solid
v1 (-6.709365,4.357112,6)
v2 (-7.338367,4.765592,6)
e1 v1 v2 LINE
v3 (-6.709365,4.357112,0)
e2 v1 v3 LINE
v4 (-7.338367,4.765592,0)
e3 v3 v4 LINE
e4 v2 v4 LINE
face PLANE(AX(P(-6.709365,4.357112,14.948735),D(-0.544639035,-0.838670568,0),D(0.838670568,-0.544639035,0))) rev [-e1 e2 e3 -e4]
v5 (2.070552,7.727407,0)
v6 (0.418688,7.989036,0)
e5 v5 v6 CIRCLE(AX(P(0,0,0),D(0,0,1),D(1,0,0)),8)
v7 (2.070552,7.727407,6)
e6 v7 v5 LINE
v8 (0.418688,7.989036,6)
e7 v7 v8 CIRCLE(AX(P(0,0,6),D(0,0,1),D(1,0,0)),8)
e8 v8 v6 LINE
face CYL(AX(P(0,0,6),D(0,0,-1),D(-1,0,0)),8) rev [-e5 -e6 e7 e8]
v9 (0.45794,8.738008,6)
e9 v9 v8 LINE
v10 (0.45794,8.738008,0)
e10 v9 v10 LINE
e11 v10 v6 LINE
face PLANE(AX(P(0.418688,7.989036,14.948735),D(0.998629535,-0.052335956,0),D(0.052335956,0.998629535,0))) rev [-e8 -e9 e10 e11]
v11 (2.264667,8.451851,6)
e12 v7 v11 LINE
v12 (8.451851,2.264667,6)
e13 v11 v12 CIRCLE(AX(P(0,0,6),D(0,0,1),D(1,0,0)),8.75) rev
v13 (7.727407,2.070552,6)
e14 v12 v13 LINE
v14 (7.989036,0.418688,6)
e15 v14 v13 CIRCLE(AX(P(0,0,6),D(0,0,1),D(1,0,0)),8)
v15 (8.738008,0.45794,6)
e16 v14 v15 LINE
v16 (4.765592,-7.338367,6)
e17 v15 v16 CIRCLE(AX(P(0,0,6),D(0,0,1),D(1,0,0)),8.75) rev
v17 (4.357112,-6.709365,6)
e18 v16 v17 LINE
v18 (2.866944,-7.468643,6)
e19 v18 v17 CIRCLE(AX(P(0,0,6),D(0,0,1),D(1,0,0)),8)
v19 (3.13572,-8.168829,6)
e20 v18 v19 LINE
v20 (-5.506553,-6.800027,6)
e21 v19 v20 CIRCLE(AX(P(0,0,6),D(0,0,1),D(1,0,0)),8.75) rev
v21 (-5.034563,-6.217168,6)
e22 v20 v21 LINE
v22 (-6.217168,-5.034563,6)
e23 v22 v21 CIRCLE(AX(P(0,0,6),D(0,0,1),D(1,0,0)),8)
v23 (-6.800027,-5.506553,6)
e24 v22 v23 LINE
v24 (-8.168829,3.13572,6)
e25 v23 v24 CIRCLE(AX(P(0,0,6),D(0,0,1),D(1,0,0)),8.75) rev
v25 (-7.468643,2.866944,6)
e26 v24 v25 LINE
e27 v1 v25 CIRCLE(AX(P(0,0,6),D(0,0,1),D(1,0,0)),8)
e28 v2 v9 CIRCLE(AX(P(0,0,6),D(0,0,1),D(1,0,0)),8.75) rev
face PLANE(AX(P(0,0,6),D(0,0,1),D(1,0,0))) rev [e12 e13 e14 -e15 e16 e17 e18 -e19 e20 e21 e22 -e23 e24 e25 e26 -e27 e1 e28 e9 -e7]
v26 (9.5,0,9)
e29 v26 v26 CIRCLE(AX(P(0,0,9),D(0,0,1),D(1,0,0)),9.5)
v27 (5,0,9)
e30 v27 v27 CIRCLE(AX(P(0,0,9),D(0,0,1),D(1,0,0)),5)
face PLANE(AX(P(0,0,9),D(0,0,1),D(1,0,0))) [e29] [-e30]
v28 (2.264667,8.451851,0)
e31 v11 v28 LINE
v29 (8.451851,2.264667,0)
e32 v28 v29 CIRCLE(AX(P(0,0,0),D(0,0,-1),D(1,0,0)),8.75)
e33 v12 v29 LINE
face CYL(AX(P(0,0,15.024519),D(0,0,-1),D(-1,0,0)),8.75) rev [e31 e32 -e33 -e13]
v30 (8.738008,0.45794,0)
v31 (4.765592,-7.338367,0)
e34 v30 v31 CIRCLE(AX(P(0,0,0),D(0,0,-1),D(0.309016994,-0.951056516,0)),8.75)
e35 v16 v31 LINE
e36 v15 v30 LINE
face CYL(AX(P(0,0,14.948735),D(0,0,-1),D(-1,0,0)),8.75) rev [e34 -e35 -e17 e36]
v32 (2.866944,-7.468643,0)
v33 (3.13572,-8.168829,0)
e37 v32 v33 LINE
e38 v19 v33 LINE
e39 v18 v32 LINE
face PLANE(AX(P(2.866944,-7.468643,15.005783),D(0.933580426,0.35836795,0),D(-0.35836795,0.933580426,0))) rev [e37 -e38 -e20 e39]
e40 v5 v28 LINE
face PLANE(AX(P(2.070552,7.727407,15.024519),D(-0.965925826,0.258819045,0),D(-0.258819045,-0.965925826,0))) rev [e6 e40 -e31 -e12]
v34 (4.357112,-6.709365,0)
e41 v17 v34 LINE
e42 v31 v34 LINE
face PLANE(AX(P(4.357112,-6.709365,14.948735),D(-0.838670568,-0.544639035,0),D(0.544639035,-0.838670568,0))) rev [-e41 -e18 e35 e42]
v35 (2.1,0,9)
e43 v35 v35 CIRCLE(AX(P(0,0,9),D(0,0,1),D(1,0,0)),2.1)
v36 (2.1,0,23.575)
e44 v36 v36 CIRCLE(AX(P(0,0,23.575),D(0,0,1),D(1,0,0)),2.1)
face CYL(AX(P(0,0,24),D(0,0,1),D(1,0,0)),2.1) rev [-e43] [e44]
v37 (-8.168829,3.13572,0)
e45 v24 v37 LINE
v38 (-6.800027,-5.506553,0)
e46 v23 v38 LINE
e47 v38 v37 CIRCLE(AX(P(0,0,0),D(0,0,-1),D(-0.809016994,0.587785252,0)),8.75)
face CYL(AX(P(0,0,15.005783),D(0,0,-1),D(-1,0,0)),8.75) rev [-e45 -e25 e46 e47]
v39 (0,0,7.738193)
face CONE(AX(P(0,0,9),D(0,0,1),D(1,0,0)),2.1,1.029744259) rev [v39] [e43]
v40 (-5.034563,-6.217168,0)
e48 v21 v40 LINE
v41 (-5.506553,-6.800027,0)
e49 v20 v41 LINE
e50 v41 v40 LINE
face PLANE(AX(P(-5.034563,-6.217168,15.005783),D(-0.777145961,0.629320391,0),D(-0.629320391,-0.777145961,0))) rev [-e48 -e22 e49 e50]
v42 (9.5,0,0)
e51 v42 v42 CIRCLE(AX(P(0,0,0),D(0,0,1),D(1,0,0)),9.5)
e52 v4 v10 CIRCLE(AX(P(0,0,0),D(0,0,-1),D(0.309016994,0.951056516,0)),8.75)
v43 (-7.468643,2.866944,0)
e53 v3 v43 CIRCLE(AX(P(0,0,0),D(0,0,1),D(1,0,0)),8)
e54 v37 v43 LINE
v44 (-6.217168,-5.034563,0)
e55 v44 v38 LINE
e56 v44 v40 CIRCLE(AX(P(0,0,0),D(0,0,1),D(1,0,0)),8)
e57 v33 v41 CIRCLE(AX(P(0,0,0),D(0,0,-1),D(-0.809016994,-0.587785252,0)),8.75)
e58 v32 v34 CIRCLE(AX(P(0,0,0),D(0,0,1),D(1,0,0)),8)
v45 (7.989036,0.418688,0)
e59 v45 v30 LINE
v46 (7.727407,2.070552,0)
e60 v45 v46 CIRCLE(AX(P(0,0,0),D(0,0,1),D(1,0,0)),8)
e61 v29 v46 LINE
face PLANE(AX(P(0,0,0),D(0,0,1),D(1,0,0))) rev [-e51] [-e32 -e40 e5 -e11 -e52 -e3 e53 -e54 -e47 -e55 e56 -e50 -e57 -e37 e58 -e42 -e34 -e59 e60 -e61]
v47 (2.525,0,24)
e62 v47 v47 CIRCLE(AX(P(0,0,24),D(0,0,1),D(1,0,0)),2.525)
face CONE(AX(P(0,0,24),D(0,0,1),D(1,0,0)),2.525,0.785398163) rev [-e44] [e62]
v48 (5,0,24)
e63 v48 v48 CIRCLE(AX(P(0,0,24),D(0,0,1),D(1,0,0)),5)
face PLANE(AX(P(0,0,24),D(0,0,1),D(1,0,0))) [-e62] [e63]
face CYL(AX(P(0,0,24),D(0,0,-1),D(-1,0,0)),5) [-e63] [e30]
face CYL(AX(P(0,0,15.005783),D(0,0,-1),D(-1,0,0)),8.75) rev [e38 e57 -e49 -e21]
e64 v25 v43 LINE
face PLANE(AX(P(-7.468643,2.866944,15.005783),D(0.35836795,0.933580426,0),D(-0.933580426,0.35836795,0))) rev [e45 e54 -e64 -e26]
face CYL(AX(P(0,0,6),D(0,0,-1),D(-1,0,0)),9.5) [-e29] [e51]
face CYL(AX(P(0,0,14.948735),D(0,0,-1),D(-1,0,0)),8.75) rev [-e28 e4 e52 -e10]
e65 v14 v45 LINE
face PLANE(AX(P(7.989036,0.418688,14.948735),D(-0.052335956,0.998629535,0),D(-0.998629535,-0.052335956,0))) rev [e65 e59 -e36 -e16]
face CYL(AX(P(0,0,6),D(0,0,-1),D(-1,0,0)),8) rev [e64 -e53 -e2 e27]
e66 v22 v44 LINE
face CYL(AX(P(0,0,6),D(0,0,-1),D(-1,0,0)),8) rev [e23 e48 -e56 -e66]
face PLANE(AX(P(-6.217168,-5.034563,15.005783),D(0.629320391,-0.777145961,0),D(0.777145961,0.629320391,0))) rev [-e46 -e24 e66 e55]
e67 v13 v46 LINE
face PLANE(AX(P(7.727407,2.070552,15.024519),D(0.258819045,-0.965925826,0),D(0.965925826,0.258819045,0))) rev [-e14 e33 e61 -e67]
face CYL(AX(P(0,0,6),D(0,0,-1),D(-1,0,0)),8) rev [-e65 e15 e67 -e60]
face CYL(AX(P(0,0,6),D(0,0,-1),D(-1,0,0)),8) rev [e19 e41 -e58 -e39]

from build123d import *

# Parameters (mm, degrees)
SKETCH1_R                   = 9.5
SKETCH1_R_2                 = 8
BOSS_EXTRUDE1_DEPTH         = 6
SKETCH2_R                   = 9.5
BOSS_EXTRUDE2_DEPTH         = 3
SKETCH3_R                   = 5
BOSS_EXTRUDE3_DEPTH         = 15
CUT_EXTRUDE1_DEPTH          = 6
CIRPATTERN1_COUNT           = 5
M5_TAPPED_HOLE1_D           = 4.2
M5_TAPPED_HOLE1_DEPTH       = 15
M5_TAPPED_HOLE1_CSINK_D     = 5.05
M5_TAPPED_HOLE1_CSINK_ANGLE = 90
M5_TAPPED_HOLE1_TIP         = 1.2618073


with BuildPart() as part:
    # Sketch1 → Boss-Extrude1 (new body)
    with BuildSketch(Plane.XY):
        Circle(SKETCH1_R)
        Circle(SKETCH1_R_2, mode=Mode.SUBTRACT)
    extrude(amount=BOSS_EXTRUDE1_DEPTH)

    # Sketch2 → Boss-Extrude2 (add)
    with BuildSketch(Plane.XY.offset(6)):
        Circle(SKETCH2_R)
    extrude(amount=BOSS_EXTRUDE2_DEPTH)

    # Sketch3 → Boss-Extrude3 (add)
    with BuildSketch(Plane.XY.offset(9)):
        Circle(SKETCH3_R)
    extrude(amount=BOSS_EXTRUDE3_DEPTH)

    # Sketch4 → Cut-Extrude1 (cut)
    with BuildSketch(Plane(origin=(0, 0, 0), x_dir=(-1, 0, 0), z_dir=(0, 0, -1))):
        with BuildLine():
            Line((-7.72740661, 2.070552361), (-8.45185098, 2.264666645))
            ThreePointArc((-8.45185098, 2.264666645), (-6.187184335, 6.187184335), (-2.264666645, 8.45185098))
            Line((-2.264666645, 8.45185098), (-2.070552361, 7.72740661))
            ThreePointArc((-2.070552361, 7.72740661), (-5.656854249, 5.656854249), (-7.72740661, 2.070552361))
        make_face()
    cut_extrude1 = extrude(amount=-CUT_EXTRUDE1_DEPTH, mode=Mode.SUBTRACT)

    # CirPattern1: Cut-Extrude1 ×5 about axis
    cirpattern1_axis = Axis((0, 0, 0), (0, 0, 1))
    for i in range(1, CIRPATTERN1_COUNT):
        add(cut_extrude1.rotate(cirpattern1_axis, i * 360 / CIRPATTERN1_COUNT), mode=Mode.SUBTRACT)

    # M5 Tapped Hole1
    with Locations(Plane.XY.offset(24)):
        with Locations((0, 0)):
            CounterSinkHole(M5_TAPPED_HOLE1_D / 2, M5_TAPPED_HOLE1_CSINK_D / 2, depth=M5_TAPPED_HOLE1_DEPTH, counter_sink_angle=M5_TAPPED_HOLE1_CSINK_ANGLE)
            with Locations((0, 0, -(M5_TAPPED_HOLE1_DEPTH + M5_TAPPED_HOLE1_TIP / 2))):  # 118° drill point
                Cone(0, M5_TAPPED_HOLE1_D / 2, M5_TAPPED_HOLE1_TIP, mode=Mode.SUBTRACT)


solid = part.part
